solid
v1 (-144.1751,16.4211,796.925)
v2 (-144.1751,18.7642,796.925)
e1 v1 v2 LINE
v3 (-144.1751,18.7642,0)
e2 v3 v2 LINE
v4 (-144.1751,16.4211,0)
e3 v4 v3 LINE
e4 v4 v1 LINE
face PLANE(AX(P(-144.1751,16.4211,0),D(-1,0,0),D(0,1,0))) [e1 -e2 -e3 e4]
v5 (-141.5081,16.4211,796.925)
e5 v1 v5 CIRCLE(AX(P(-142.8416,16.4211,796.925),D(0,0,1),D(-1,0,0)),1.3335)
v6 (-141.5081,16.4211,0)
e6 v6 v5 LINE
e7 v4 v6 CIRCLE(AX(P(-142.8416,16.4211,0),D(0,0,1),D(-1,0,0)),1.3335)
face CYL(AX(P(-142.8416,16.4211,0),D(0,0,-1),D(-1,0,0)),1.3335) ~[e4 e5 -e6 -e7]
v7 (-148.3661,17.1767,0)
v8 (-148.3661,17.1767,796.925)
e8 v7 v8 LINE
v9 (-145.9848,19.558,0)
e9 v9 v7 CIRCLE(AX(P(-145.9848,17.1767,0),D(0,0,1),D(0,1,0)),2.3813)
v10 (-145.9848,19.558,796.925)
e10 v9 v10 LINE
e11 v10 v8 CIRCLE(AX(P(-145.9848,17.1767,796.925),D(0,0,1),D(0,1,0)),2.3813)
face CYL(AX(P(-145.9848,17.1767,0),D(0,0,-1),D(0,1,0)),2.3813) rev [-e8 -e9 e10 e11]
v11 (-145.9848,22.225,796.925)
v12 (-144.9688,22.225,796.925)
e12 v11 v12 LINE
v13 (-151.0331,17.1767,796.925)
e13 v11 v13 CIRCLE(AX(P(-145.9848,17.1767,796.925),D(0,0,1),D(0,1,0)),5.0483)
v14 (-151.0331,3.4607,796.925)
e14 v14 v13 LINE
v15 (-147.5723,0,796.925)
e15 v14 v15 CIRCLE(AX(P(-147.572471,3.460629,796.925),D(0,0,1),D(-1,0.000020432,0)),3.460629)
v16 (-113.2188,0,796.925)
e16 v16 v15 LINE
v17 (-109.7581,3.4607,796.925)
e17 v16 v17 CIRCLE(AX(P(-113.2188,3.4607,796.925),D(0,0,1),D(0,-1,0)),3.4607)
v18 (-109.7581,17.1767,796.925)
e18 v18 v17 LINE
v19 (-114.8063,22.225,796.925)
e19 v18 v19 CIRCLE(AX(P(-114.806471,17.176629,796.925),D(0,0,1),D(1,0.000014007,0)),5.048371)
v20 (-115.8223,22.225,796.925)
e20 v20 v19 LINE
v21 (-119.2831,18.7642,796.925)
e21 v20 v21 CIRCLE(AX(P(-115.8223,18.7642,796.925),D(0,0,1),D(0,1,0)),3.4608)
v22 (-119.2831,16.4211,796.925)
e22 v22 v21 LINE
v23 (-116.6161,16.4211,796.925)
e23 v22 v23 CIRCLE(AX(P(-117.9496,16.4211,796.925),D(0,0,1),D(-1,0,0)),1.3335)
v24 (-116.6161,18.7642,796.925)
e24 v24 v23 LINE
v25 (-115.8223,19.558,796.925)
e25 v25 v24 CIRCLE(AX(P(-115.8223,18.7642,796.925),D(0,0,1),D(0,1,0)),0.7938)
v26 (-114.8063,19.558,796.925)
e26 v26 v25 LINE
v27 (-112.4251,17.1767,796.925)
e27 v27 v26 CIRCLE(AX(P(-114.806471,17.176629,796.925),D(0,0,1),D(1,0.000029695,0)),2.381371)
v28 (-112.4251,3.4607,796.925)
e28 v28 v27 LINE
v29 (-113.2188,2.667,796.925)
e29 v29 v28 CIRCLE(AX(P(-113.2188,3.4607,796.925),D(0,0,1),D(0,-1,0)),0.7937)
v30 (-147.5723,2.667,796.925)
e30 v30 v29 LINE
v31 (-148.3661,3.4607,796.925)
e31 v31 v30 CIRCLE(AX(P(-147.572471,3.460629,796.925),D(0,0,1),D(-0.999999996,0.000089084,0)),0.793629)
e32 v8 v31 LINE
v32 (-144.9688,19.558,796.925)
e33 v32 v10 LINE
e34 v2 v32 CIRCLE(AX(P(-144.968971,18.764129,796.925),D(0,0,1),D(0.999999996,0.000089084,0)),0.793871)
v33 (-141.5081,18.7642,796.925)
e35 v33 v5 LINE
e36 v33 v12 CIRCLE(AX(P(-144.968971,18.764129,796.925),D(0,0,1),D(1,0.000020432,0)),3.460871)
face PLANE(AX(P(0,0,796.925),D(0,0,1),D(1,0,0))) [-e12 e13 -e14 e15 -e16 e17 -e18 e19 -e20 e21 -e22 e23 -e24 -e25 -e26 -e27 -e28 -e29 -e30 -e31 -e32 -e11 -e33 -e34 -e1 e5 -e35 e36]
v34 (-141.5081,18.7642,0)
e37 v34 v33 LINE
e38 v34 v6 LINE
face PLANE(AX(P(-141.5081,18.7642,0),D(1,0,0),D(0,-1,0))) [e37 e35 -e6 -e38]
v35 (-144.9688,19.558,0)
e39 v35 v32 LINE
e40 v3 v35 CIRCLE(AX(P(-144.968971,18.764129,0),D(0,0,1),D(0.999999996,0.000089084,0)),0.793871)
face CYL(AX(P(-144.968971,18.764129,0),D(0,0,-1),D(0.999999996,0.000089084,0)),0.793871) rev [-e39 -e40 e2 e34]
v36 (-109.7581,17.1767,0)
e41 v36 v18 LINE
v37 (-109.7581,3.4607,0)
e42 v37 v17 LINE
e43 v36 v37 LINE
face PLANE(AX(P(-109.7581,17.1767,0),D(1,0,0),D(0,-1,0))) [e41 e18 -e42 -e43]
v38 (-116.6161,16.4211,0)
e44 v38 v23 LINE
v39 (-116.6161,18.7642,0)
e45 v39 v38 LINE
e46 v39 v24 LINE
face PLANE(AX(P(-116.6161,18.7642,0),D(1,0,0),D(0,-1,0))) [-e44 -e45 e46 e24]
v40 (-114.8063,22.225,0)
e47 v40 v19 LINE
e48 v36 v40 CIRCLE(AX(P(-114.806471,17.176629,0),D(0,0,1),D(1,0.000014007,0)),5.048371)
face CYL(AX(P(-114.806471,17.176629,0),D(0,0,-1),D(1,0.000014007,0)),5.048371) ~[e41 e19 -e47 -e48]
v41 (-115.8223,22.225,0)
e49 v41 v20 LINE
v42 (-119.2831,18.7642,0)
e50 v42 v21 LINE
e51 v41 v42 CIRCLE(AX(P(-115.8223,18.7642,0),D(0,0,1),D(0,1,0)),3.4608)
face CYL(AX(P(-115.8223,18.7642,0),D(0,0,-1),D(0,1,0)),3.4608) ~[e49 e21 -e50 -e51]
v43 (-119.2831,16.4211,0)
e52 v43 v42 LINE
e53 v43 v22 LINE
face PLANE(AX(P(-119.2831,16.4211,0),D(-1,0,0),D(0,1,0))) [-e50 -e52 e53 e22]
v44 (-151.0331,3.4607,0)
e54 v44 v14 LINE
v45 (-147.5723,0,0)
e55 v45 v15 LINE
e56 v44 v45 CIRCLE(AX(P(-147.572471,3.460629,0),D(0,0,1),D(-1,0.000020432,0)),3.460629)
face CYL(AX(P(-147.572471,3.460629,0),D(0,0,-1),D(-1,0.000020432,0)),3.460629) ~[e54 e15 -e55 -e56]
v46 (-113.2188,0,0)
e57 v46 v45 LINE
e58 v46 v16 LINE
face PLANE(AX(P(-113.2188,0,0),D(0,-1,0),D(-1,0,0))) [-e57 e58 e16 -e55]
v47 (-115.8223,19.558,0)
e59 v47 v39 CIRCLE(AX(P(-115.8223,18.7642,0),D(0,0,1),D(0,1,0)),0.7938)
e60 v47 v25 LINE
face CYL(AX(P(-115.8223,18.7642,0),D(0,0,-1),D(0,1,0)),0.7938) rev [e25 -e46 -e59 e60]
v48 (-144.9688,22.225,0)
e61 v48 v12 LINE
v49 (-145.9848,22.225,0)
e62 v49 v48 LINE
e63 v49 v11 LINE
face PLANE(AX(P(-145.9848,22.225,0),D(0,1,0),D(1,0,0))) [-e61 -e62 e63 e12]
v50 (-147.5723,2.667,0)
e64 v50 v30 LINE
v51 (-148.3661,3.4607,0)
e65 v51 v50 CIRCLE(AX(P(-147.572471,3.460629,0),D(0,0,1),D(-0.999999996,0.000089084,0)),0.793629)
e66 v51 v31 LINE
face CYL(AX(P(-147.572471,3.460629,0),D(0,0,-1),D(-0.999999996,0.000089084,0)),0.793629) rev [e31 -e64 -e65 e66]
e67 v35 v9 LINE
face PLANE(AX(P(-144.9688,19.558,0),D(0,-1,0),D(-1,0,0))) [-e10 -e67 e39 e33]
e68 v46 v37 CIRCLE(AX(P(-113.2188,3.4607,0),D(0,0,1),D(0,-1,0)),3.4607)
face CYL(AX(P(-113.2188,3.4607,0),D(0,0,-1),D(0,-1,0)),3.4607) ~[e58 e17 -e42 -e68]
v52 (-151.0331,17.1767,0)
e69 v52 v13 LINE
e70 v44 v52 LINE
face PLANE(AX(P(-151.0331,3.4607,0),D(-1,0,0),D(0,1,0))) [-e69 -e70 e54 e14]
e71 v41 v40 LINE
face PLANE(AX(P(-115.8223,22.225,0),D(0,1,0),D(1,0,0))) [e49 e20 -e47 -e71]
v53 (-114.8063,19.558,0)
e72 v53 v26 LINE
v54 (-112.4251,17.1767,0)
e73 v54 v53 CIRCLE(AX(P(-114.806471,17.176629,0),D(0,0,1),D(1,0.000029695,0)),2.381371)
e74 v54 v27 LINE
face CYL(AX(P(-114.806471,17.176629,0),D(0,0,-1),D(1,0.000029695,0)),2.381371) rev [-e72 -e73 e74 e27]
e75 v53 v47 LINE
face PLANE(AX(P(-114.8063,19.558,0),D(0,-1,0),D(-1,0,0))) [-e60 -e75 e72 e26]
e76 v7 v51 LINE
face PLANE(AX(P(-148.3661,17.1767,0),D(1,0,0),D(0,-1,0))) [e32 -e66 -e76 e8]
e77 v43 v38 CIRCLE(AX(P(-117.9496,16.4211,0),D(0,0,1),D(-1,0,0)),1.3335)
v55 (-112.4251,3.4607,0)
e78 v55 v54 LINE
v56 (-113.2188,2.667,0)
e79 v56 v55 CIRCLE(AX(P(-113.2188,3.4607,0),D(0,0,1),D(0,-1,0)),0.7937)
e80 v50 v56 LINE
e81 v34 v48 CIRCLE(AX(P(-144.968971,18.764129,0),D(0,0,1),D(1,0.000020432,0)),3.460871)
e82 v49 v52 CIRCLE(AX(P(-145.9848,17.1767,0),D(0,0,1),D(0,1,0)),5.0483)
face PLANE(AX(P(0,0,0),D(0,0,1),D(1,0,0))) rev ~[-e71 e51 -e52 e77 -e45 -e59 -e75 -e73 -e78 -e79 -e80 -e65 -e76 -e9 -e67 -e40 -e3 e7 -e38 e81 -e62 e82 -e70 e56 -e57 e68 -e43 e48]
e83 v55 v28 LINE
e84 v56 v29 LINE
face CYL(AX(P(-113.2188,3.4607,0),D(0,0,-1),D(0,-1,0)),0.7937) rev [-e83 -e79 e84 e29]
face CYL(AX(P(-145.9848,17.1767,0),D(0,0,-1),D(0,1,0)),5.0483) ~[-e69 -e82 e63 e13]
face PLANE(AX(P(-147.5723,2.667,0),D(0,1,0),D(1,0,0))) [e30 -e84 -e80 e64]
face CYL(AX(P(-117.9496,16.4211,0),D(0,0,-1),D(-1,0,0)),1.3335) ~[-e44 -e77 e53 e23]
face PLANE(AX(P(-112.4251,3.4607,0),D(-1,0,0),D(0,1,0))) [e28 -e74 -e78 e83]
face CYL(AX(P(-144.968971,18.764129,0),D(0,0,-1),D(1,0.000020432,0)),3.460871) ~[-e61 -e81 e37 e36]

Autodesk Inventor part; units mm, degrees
ref_plane "YZ Plane" through (0, 0, 0) normal (1, 0, 0) x (0, 1, 0)
ref_plane "XZ Plane" through (0, 0, 0) normal (0, 1, 0) x (-1, 0, 0)
ref_plane "XY Plane" through (0, 0, 0) normal (0, 0, 1) x (1, 0, 0)
ref_plane "Work Plane1" through (0, 0, 0) normal (0, 0, 1) x (1, 0, 0)
sketch "Sketch1" plane through (0, 0, 0) normal (0, 0, 1) x (1, 0, 0)
  arc A0 (-113.2188, 0) -> (-109.7581, 3.4607) centre (-113.2188, 3.4607) ccw projected
  line L0 (-109.7581, 17.1767) -> (-109.7581, 3.4607) projected
  arc A1 (-109.7581, 17.1767) -> (-114.8063, 22.225) centre (-114.8063, 17.1767) ccw projected
  line L1 (-115.8223, 22.225) -> (-114.8063, 22.225) projected
  arc A2 (-115.8223, 22.225) -> (-119.2831, 18.7642) centre (-115.8223, 18.7642) ccw projected
  line L2 (-119.2831, 16.4211) -> (-119.2831, 18.7642) projected
  arc A3 (-119.2831, 16.4211) -> (-116.6161, 16.4211) centre (-117.9496, 16.4211) ccw projected
  line L3 (-116.6161, 18.7642) -> (-116.6161, 16.4211) projected
  arc A4 (-115.8223, 19.558) -> (-116.6161, 18.7642) centre (-115.8223, 18.7642) ccw projected
  line L4 (-114.8063, 19.558) -> (-115.8223, 19.558) projected
  arc A5 (-112.4251, 17.1767) -> (-114.8063, 19.558) centre (-114.8063, 17.1767) ccw projected
  line L5 (-112.4251, 3.4607) -> (-112.4251, 17.1767) projected
  arc A6 (-113.2188, 2.667) -> (-112.4251, 3.4607) centre (-113.2188, 3.4607) ccw projected
  line L6 (-147.5723, 2.667) -> (-113.2188, 2.667) projected
  arc A7 (-148.3661, 3.4607) -> (-147.5723, 2.667) centre (-147.5723, 3.4607) ccw projected
  line L7 (-148.3661, 17.1767) -> (-148.3661, 3.4607) projected
  arc A8 (-145.9848, 19.558) -> (-148.3661, 17.1767) centre (-145.9848, 17.1767) ccw projected
  line L8 (-144.9688, 19.558) -> (-145.9848, 19.558) projected
  arc A9 (-144.1751, 18.7642) -> (-144.9688, 19.558) centre (-144.9688, 18.7642) ccw projected
  line L9 (-144.1751, 16.4211) -> (-144.1751, 18.7642) projected
  arc A10 (-144.1751, 16.4211) -> (-141.5081, 16.4211) centre (-142.8416, 16.4211) ccw projected
  line L10 (-141.5081, 18.7642) -> (-141.5081, 16.4211) projected
  arc A11 (-141.5081, 18.7642) -> (-144.9688, 22.225) centre (-144.9688, 18.7642) ccw projected
  line L11 (-145.9848, 22.225) -> (-144.9688, 22.225) projected
  arc A12 (-145.9848, 22.225) -> (-151.0331, 17.1767) centre (-145.9848, 17.1767) ccw projected
  line L12 (-151.0331, 3.4607) -> (-151.0331, 17.1767) projected
  arc A13 (-151.0331, 3.4607) -> (-147.5723, 0) centre (-147.5723, 3.4607) ccw projected
  line L13 (-113.2188, 0) -> (-147.5723, 0) projected
  point P0 (0, 0)
extrude "Extrusion1" add sketch "Sketch1" along normal blind 796.925
properties part number "C-channel 1"
